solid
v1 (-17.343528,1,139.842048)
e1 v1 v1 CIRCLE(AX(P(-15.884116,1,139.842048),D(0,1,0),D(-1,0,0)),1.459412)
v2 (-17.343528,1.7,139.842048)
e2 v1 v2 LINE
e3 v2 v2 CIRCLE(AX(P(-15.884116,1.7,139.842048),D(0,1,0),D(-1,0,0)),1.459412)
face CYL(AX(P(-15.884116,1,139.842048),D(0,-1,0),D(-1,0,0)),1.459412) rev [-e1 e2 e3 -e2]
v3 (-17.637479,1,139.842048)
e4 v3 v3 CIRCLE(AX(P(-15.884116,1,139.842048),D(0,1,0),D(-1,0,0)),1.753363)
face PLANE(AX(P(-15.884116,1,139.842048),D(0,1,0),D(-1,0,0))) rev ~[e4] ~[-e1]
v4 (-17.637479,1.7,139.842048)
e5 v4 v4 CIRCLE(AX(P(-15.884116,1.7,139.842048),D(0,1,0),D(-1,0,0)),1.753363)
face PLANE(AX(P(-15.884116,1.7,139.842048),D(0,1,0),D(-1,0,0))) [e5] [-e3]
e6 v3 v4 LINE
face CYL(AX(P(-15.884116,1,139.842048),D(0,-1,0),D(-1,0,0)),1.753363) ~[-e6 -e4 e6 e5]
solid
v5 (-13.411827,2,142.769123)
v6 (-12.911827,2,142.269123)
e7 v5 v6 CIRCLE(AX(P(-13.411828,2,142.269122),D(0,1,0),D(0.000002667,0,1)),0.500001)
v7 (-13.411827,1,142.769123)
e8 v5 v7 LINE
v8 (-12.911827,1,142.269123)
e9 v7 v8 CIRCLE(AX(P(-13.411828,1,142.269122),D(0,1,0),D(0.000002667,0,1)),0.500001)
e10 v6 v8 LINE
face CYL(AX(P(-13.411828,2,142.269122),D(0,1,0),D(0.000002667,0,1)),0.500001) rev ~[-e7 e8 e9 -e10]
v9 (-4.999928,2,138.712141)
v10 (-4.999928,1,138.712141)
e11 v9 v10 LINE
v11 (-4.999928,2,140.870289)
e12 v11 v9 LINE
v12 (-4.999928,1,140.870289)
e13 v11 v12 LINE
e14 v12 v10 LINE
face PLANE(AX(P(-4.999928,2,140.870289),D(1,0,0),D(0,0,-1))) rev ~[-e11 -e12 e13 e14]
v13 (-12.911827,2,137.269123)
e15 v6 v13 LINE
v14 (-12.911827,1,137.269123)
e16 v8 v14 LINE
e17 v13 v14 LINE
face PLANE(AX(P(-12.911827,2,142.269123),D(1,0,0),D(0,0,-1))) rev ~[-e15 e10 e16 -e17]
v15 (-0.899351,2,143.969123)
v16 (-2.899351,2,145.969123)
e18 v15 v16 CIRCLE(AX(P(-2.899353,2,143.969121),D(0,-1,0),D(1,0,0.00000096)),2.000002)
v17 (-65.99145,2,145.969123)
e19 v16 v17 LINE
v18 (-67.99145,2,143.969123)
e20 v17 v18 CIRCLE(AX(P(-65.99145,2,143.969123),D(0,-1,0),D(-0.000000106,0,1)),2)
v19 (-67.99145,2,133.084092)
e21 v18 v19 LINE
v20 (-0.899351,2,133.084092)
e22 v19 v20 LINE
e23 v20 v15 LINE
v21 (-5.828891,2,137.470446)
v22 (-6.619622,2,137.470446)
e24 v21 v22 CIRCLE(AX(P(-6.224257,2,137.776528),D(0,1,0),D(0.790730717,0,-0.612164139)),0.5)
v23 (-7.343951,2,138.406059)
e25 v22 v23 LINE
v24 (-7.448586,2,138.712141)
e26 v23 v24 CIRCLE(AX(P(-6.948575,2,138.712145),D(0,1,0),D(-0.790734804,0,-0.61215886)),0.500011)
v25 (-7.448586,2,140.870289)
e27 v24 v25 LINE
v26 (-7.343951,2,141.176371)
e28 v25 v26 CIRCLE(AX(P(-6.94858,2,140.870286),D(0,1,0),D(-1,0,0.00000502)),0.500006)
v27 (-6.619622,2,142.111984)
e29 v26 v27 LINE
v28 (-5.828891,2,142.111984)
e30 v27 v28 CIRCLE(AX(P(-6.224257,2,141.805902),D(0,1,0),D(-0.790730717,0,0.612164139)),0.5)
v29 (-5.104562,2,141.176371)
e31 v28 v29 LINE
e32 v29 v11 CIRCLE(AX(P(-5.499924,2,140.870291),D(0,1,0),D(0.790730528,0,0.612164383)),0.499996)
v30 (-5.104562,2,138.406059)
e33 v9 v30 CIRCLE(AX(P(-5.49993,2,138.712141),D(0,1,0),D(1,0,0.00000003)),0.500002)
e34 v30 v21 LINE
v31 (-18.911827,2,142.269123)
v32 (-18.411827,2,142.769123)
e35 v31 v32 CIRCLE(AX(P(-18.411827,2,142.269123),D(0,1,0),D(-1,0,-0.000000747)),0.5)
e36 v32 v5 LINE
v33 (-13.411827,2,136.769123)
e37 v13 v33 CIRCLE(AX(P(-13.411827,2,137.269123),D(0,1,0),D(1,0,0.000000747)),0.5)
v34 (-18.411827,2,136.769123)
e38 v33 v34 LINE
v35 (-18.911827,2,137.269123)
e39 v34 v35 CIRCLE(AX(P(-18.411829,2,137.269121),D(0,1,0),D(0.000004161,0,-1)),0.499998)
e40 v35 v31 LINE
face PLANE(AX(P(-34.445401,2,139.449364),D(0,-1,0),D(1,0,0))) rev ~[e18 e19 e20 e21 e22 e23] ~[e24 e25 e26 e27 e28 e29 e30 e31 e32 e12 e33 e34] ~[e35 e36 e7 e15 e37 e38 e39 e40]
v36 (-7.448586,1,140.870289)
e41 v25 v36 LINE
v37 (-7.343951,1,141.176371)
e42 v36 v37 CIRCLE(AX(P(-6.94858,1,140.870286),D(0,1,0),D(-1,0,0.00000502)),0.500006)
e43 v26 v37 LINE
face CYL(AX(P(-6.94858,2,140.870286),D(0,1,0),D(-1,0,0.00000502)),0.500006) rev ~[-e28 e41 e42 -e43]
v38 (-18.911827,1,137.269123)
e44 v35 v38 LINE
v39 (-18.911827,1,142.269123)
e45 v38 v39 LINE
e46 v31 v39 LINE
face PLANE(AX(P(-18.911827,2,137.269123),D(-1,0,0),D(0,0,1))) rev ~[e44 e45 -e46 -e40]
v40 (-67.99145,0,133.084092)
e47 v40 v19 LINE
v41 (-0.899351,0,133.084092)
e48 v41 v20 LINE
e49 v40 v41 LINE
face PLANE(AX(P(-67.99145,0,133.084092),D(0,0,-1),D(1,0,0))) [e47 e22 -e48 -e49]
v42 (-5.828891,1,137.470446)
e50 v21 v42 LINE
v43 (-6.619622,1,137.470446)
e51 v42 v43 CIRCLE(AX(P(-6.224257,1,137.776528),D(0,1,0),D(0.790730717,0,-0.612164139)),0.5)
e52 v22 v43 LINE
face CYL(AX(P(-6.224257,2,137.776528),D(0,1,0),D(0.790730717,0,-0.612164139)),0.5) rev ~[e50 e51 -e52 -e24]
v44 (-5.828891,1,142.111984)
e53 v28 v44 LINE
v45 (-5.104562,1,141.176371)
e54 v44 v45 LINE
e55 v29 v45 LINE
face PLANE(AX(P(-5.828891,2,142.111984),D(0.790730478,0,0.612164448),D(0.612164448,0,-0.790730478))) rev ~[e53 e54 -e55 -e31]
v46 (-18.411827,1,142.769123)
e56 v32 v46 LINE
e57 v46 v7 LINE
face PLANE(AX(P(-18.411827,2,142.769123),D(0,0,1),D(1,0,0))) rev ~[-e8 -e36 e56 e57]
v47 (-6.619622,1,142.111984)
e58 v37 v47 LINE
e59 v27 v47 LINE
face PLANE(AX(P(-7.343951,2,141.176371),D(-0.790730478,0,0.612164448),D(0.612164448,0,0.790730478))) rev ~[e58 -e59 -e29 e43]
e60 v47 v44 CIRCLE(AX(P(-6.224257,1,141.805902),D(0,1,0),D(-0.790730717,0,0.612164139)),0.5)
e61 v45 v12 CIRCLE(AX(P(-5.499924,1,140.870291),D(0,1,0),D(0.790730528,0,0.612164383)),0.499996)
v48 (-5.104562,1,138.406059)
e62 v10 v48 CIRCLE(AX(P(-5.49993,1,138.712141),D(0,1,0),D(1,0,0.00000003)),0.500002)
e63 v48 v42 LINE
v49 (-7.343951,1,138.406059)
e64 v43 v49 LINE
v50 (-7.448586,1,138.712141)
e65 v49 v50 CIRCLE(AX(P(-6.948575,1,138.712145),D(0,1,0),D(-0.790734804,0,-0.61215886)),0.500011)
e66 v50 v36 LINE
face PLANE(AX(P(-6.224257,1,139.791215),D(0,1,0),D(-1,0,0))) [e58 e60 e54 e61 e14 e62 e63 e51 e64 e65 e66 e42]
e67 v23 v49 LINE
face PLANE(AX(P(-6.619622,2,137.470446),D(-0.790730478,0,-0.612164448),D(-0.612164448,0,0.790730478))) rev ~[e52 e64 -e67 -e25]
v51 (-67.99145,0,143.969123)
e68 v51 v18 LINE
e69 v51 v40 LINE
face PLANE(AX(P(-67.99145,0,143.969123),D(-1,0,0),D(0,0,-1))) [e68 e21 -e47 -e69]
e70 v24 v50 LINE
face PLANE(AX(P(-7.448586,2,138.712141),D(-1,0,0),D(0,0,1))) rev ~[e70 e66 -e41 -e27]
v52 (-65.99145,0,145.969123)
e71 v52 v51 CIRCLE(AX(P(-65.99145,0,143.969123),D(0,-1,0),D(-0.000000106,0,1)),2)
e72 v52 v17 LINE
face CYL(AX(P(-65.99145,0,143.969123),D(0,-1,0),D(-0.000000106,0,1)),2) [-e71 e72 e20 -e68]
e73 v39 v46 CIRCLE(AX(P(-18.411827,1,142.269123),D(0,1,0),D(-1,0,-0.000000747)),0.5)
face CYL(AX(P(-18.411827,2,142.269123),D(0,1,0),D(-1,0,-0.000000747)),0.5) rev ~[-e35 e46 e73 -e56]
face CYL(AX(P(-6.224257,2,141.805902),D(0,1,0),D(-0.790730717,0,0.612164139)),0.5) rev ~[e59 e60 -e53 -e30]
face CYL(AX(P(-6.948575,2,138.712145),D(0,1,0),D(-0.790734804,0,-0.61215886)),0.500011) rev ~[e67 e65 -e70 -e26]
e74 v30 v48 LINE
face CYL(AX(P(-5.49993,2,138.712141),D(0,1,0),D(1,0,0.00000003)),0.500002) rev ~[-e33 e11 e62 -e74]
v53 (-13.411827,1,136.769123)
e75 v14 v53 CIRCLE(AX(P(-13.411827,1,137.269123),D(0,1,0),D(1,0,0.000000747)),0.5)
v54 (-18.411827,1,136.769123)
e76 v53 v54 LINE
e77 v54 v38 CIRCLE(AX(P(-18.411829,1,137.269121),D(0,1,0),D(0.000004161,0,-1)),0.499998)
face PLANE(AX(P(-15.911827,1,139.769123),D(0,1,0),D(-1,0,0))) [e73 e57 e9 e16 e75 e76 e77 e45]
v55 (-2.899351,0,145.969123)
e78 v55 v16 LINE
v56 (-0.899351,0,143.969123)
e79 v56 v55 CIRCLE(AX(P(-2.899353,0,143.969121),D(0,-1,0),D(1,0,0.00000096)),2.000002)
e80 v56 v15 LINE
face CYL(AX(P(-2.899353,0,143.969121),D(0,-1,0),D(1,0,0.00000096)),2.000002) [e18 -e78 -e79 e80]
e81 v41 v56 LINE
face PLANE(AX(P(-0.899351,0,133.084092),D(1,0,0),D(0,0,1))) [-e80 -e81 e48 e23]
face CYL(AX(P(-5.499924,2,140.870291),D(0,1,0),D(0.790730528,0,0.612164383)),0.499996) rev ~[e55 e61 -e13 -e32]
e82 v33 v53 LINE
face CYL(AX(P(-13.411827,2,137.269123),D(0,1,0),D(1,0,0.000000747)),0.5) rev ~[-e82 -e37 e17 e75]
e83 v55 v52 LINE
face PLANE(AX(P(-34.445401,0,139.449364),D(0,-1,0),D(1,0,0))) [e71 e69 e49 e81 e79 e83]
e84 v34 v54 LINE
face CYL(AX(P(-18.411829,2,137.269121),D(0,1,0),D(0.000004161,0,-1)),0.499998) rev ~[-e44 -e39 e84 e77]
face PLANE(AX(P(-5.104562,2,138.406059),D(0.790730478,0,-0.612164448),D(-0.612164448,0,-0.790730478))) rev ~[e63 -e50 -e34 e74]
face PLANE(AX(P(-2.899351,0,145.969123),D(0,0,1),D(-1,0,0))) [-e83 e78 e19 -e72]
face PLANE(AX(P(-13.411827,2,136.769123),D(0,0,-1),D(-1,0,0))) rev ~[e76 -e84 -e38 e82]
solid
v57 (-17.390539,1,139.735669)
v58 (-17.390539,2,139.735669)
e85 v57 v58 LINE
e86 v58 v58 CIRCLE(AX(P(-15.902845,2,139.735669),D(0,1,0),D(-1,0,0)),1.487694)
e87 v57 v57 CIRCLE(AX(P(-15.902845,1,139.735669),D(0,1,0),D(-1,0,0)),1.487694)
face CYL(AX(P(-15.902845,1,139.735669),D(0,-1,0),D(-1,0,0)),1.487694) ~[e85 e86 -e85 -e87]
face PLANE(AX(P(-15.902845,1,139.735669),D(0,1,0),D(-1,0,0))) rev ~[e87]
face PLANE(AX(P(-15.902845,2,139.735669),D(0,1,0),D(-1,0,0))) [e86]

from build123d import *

# Parameters (mm, degrees)
F1_DEPTH = 2
F3_DEPTH = 1
F4_R     = 1.753363
F4_R_2   = 1.459412
F5_DEPTH = 0.7
F6_R     = 1.487694
F7_DEPTH = 1


with BuildPart() as f1:
    # F0 (on Front) → F1 (new body)
    with BuildSketch(Plane.XZ):
        with BuildLine():
            Line((-67.99145, 143.969123), (-67.99145, 133.084092))
            Line((-67.99145, 133.084092), (-0.899351, 133.084092))
            Line((-0.899351, 133.084092), (-0.899351, 143.969123))
            ThreePointArc((-0.899351, 143.969123), (-1.485138, 145.383336), (-2.899351, 145.969123))
            Line((-2.899351, 145.969123), (-65.99145, 145.969123))
            ThreePointArc((-65.99145, 145.969123), (-67.405664, 145.383336), (-67.99145, 143.969123))
        make_face()
    extrude(amount=-F1_DEPTH)

    # F2 (on face) → F3 (cut)
    with BuildSketch(Plane(origin=(0, 2, 0), x_dir=(-1, 0, 0), z_dir=(0, 1, 0))):
        with BuildLine():
            ThreePointArc((12.911827, 137.269123), (13.058274, 136.915569), (13.411827, 136.769123))
            Line((13.411827, 136.769123), (18.411827, 136.769123))
            ThreePointArc((18.411827, 136.769123), (18.765381, 136.915569), (18.911827, 137.269123))
            Line((18.911827, 137.269123), (18.911827, 142.269123))
            ThreePointArc((18.911827, 142.269123), (18.765381, 142.622676), (18.411827, 142.769123))
            Line((18.411827, 142.769123), (13.411827, 142.769123))
            ThreePointArc((13.411827, 142.769123), (13.058274, 142.622676), (12.911827, 142.269123))
            Line((12.911827, 142.269123), (12.911827, 137.269123))
        make_face()
        with BuildLine():
            ThreePointArc((6.619622, 142.111984), (6.224257, 142.305902), (5.828891, 142.111984))
            Line((5.828891, 142.111984), (5.104562, 141.176371))
            ThreePointArc((5.104562, 141.176371), (5.026809, 141.032026), (4.999928, 140.870289))
            Line((4.999928, 140.870289), (4.999928, 138.712141))
            ThreePointArc((4.999928, 138.712141), (5.026809, 138.550405), (5.104562, 138.406059))
            Line((5.104562, 138.406059), (5.828891, 137.470446))
            ThreePointArc((5.828891, 137.470446), (6.224257, 137.276528), (6.619622, 137.470446))
            Line((6.619622, 137.470446), (7.343951, 138.406059))
            ThreePointArc((7.343951, 138.406059), (7.421704, 138.550405), (7.448586, 138.712141))
            Line((7.448586, 138.712141), (7.448586, 140.870289))
            ThreePointArc((7.448586, 140.870289), (7.421704, 141.032026), (7.343951, 141.176371))
            Line((7.343951, 141.176371), (6.619622, 142.111984))
        make_face()
    extrude(amount=-F3_DEPTH, mode=Mode.SUBTRACT)


with BuildPart() as f5:
    # F4 (on face) → F5 (new body)
    with BuildSketch(Plane(origin=(0, 1, 0), x_dir=(-1, 0, 0), z_dir=(0, 1, 0))):
        with Locations((15.884116, 139.842048)):
            Circle(F4_R)
        with Locations((15.884116, 139.842048)):
            Circle(F4_R_2, mode=Mode.SUBTRACT)
    extrude(amount=F5_DEPTH)


with BuildPart() as f7:
    # F6 (on face) → F7 (new body)
    with BuildSketch(Plane(origin=(0, 1, 0), x_dir=(-1, 0, 0), z_dir=(0, 1, 0))):
        with Locations((15.902845, 139.735669)):
            Circle(F6_R)
    extrude(amount=F7_DEPTH)


solid = Compound([f1.part, f5.part, f7.part])
